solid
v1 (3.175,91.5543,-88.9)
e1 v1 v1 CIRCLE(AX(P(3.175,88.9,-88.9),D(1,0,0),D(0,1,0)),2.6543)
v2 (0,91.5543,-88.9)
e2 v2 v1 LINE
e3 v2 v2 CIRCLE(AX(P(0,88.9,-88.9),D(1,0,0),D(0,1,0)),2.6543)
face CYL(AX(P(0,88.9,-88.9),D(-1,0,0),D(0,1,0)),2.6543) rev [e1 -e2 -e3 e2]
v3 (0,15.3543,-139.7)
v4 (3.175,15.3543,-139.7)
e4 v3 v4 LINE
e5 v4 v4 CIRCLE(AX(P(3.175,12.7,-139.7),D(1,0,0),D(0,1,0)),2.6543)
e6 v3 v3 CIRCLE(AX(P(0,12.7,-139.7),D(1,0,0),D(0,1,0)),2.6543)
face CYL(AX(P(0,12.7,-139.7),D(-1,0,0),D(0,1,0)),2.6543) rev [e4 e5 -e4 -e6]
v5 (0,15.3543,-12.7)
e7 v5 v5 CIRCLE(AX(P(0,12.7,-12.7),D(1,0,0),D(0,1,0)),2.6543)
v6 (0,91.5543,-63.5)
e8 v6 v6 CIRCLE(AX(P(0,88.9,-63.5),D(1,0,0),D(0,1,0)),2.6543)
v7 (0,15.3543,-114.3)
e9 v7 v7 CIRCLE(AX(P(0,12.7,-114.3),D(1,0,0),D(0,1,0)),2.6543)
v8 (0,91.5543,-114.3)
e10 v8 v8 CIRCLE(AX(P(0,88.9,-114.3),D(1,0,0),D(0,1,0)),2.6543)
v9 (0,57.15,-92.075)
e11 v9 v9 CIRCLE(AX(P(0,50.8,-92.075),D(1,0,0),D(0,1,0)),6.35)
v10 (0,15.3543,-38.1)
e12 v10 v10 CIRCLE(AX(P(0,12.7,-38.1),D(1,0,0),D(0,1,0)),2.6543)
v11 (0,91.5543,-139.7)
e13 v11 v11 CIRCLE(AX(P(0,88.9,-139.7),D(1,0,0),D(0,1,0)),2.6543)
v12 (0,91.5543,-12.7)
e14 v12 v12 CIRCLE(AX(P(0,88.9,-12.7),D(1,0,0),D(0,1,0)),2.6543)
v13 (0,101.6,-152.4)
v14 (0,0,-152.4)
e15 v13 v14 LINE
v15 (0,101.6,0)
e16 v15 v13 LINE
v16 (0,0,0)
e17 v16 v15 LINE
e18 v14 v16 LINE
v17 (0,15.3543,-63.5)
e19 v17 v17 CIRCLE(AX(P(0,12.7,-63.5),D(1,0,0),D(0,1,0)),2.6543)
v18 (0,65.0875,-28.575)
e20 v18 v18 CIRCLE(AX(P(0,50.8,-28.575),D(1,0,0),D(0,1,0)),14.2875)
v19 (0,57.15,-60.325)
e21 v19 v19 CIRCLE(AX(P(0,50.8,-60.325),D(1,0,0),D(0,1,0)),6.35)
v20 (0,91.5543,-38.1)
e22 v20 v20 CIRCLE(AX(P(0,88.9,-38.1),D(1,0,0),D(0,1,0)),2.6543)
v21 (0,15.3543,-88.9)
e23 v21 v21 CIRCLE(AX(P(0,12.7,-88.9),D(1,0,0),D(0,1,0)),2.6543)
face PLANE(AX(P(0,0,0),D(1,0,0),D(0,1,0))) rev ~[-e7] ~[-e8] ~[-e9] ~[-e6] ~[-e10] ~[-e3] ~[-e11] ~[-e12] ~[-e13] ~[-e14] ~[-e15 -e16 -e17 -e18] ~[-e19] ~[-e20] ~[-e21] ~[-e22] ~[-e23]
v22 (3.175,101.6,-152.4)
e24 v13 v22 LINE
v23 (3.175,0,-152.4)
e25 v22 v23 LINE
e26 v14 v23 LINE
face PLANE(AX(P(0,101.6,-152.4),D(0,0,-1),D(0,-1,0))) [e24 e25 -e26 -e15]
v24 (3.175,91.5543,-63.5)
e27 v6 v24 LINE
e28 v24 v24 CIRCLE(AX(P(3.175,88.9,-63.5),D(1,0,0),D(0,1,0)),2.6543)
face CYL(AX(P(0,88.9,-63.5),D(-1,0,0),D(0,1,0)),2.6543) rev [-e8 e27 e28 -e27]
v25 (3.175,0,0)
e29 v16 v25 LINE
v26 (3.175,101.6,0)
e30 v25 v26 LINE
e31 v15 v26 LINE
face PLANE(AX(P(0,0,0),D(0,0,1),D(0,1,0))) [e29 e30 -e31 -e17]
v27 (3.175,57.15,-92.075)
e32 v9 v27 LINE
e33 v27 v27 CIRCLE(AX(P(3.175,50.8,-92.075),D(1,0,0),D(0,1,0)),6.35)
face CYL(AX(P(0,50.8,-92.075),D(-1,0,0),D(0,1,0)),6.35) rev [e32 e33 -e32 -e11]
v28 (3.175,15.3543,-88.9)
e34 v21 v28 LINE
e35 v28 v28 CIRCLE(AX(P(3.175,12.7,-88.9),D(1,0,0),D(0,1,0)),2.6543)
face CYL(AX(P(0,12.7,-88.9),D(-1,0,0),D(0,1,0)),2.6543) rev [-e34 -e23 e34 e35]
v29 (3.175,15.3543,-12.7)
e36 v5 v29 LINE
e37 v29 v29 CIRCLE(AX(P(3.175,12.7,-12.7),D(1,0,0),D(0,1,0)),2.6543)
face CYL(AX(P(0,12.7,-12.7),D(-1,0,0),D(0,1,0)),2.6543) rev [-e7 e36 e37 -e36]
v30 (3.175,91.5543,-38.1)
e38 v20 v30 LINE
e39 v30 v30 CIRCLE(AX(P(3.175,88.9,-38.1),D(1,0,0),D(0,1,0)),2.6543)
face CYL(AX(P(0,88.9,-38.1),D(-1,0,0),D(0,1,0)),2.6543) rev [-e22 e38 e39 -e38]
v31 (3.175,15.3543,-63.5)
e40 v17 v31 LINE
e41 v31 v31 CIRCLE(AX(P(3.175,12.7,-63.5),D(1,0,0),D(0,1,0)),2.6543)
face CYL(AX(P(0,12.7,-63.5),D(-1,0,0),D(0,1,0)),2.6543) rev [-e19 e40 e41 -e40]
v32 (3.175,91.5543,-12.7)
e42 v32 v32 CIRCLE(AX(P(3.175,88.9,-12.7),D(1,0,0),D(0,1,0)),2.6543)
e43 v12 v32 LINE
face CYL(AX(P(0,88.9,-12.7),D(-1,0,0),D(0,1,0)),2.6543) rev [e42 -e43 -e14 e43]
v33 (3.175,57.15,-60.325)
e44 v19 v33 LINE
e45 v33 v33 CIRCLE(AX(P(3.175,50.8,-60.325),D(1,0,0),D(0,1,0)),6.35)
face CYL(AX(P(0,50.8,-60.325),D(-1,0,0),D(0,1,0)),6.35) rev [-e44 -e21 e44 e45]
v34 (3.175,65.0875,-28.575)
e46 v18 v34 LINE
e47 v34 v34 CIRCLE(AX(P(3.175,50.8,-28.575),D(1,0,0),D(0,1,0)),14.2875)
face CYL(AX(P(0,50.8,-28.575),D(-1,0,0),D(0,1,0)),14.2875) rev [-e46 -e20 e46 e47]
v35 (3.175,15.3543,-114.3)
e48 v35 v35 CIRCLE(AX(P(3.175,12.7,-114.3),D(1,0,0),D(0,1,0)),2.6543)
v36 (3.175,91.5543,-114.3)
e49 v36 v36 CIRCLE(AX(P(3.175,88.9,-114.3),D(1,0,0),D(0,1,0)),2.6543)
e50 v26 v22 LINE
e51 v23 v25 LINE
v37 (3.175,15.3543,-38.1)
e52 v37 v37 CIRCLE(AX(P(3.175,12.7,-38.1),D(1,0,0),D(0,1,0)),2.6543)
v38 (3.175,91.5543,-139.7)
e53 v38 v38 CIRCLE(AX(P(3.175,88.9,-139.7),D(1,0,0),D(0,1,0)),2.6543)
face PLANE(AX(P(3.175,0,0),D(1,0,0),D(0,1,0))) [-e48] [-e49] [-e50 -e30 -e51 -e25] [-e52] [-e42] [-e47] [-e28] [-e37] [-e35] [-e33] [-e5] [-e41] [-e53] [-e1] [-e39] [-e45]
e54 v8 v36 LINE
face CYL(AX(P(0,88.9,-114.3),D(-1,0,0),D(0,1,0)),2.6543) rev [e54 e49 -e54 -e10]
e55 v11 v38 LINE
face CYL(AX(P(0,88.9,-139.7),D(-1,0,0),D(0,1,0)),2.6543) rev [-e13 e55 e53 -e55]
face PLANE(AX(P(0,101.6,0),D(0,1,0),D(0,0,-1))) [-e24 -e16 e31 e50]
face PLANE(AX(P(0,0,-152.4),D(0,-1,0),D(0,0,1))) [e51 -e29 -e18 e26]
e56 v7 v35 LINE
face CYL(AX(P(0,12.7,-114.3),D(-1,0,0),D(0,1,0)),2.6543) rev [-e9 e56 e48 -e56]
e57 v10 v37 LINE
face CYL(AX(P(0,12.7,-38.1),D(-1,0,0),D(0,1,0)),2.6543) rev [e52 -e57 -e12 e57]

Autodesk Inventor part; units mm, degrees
ref_plane "YZ Plane" through (0, 0, 0) normal (1, 0, 0) x (0, 1, 0)
ref_plane "XZ Plane" through (0, 0, 0) normal (0, 1, 0) x (-1, 0, 0)
ref_plane "XY Plane" through (0, 0, 0) normal (0, 0, 1) x (1, 0, 0)
sketch "Sketch1" plane through (0, 0, 0) normal (1, 0, 0) x (0, 1, 0)
  line L0 (0, 0) -> (101.6, 0)
  line L1 (101.6, 0) -> (101.6, -152.4)
  line L2 (101.6, -152.4) -> (0, -152.4)
  line L3 (0, -152.4) -> (0, 0)
  circle A0 centre (50.8, -28.575) radius 14.2875
  circle A1 centre (50.8, -60.325) radius 6.35
  circle A2 centre (50.8, -92.075) radius 6.35
  circle A3 centre (50.8, -123.825) radius 14.2875
  line L4 (50.8, -28.575) -> (50.8, -123.825) construction
  circle A4 centre (88.9, -12.7) radius 2.6543
  circle A5 centre (88.9, -38.1) radius 2.6543
  circle A6 centre (88.9, -63.5) radius 2.6543
  circle A7 centre (88.9, -88.9) radius 2.6543
  circle A8 centre (88.9, -114.3) radius 2.6543
  circle A9 centre (88.9, -139.7) radius 2.6543
  circle A10 centre (12.7, -12.7) radius 2.6543
  circle A11 centre (12.7, -38.1) radius 2.6543
  circle A12 centre (12.7, -63.5) radius 2.6543
  circle A13 centre (12.7, -88.9) radius 2.6543
  circle A14 centre (12.7, -114.3) radius 2.6543
  circle A15 centre (12.7, -139.7) radius 2.6543
  point P0 (101.6, -76.2)
  point P1 (50.8, -76.2)
  point P2 (50.8, -152.4)
  dimension "d0" = 101.6
  dimension "d1" = 152.4
  dimension "d2" = 28.575
  dimension "d3" = 12.7
  dimension "d4" = 12.7
  dimension "d5" = 28.575
  dimension "d6" = 31.75
  dimension "d7" = 31.75
  dimension "d8" = 31.75
  dimension "d9" = 5.3086
  dimension "d10" = 12.7
  dimension "d11" = 12.7
  dimension "d14" = 25.4
  dimension "d17" = 76.2
extrude "Extrusion1" add sketch "Sketch1" along normal blind 3.175 contours L0 L1 L2 L3 | A3
equation "\"d7\" = d6"
equation "\"d8\" = d7"
properties part number "CH-1-02-RearGearboxHousingWheelSide"
